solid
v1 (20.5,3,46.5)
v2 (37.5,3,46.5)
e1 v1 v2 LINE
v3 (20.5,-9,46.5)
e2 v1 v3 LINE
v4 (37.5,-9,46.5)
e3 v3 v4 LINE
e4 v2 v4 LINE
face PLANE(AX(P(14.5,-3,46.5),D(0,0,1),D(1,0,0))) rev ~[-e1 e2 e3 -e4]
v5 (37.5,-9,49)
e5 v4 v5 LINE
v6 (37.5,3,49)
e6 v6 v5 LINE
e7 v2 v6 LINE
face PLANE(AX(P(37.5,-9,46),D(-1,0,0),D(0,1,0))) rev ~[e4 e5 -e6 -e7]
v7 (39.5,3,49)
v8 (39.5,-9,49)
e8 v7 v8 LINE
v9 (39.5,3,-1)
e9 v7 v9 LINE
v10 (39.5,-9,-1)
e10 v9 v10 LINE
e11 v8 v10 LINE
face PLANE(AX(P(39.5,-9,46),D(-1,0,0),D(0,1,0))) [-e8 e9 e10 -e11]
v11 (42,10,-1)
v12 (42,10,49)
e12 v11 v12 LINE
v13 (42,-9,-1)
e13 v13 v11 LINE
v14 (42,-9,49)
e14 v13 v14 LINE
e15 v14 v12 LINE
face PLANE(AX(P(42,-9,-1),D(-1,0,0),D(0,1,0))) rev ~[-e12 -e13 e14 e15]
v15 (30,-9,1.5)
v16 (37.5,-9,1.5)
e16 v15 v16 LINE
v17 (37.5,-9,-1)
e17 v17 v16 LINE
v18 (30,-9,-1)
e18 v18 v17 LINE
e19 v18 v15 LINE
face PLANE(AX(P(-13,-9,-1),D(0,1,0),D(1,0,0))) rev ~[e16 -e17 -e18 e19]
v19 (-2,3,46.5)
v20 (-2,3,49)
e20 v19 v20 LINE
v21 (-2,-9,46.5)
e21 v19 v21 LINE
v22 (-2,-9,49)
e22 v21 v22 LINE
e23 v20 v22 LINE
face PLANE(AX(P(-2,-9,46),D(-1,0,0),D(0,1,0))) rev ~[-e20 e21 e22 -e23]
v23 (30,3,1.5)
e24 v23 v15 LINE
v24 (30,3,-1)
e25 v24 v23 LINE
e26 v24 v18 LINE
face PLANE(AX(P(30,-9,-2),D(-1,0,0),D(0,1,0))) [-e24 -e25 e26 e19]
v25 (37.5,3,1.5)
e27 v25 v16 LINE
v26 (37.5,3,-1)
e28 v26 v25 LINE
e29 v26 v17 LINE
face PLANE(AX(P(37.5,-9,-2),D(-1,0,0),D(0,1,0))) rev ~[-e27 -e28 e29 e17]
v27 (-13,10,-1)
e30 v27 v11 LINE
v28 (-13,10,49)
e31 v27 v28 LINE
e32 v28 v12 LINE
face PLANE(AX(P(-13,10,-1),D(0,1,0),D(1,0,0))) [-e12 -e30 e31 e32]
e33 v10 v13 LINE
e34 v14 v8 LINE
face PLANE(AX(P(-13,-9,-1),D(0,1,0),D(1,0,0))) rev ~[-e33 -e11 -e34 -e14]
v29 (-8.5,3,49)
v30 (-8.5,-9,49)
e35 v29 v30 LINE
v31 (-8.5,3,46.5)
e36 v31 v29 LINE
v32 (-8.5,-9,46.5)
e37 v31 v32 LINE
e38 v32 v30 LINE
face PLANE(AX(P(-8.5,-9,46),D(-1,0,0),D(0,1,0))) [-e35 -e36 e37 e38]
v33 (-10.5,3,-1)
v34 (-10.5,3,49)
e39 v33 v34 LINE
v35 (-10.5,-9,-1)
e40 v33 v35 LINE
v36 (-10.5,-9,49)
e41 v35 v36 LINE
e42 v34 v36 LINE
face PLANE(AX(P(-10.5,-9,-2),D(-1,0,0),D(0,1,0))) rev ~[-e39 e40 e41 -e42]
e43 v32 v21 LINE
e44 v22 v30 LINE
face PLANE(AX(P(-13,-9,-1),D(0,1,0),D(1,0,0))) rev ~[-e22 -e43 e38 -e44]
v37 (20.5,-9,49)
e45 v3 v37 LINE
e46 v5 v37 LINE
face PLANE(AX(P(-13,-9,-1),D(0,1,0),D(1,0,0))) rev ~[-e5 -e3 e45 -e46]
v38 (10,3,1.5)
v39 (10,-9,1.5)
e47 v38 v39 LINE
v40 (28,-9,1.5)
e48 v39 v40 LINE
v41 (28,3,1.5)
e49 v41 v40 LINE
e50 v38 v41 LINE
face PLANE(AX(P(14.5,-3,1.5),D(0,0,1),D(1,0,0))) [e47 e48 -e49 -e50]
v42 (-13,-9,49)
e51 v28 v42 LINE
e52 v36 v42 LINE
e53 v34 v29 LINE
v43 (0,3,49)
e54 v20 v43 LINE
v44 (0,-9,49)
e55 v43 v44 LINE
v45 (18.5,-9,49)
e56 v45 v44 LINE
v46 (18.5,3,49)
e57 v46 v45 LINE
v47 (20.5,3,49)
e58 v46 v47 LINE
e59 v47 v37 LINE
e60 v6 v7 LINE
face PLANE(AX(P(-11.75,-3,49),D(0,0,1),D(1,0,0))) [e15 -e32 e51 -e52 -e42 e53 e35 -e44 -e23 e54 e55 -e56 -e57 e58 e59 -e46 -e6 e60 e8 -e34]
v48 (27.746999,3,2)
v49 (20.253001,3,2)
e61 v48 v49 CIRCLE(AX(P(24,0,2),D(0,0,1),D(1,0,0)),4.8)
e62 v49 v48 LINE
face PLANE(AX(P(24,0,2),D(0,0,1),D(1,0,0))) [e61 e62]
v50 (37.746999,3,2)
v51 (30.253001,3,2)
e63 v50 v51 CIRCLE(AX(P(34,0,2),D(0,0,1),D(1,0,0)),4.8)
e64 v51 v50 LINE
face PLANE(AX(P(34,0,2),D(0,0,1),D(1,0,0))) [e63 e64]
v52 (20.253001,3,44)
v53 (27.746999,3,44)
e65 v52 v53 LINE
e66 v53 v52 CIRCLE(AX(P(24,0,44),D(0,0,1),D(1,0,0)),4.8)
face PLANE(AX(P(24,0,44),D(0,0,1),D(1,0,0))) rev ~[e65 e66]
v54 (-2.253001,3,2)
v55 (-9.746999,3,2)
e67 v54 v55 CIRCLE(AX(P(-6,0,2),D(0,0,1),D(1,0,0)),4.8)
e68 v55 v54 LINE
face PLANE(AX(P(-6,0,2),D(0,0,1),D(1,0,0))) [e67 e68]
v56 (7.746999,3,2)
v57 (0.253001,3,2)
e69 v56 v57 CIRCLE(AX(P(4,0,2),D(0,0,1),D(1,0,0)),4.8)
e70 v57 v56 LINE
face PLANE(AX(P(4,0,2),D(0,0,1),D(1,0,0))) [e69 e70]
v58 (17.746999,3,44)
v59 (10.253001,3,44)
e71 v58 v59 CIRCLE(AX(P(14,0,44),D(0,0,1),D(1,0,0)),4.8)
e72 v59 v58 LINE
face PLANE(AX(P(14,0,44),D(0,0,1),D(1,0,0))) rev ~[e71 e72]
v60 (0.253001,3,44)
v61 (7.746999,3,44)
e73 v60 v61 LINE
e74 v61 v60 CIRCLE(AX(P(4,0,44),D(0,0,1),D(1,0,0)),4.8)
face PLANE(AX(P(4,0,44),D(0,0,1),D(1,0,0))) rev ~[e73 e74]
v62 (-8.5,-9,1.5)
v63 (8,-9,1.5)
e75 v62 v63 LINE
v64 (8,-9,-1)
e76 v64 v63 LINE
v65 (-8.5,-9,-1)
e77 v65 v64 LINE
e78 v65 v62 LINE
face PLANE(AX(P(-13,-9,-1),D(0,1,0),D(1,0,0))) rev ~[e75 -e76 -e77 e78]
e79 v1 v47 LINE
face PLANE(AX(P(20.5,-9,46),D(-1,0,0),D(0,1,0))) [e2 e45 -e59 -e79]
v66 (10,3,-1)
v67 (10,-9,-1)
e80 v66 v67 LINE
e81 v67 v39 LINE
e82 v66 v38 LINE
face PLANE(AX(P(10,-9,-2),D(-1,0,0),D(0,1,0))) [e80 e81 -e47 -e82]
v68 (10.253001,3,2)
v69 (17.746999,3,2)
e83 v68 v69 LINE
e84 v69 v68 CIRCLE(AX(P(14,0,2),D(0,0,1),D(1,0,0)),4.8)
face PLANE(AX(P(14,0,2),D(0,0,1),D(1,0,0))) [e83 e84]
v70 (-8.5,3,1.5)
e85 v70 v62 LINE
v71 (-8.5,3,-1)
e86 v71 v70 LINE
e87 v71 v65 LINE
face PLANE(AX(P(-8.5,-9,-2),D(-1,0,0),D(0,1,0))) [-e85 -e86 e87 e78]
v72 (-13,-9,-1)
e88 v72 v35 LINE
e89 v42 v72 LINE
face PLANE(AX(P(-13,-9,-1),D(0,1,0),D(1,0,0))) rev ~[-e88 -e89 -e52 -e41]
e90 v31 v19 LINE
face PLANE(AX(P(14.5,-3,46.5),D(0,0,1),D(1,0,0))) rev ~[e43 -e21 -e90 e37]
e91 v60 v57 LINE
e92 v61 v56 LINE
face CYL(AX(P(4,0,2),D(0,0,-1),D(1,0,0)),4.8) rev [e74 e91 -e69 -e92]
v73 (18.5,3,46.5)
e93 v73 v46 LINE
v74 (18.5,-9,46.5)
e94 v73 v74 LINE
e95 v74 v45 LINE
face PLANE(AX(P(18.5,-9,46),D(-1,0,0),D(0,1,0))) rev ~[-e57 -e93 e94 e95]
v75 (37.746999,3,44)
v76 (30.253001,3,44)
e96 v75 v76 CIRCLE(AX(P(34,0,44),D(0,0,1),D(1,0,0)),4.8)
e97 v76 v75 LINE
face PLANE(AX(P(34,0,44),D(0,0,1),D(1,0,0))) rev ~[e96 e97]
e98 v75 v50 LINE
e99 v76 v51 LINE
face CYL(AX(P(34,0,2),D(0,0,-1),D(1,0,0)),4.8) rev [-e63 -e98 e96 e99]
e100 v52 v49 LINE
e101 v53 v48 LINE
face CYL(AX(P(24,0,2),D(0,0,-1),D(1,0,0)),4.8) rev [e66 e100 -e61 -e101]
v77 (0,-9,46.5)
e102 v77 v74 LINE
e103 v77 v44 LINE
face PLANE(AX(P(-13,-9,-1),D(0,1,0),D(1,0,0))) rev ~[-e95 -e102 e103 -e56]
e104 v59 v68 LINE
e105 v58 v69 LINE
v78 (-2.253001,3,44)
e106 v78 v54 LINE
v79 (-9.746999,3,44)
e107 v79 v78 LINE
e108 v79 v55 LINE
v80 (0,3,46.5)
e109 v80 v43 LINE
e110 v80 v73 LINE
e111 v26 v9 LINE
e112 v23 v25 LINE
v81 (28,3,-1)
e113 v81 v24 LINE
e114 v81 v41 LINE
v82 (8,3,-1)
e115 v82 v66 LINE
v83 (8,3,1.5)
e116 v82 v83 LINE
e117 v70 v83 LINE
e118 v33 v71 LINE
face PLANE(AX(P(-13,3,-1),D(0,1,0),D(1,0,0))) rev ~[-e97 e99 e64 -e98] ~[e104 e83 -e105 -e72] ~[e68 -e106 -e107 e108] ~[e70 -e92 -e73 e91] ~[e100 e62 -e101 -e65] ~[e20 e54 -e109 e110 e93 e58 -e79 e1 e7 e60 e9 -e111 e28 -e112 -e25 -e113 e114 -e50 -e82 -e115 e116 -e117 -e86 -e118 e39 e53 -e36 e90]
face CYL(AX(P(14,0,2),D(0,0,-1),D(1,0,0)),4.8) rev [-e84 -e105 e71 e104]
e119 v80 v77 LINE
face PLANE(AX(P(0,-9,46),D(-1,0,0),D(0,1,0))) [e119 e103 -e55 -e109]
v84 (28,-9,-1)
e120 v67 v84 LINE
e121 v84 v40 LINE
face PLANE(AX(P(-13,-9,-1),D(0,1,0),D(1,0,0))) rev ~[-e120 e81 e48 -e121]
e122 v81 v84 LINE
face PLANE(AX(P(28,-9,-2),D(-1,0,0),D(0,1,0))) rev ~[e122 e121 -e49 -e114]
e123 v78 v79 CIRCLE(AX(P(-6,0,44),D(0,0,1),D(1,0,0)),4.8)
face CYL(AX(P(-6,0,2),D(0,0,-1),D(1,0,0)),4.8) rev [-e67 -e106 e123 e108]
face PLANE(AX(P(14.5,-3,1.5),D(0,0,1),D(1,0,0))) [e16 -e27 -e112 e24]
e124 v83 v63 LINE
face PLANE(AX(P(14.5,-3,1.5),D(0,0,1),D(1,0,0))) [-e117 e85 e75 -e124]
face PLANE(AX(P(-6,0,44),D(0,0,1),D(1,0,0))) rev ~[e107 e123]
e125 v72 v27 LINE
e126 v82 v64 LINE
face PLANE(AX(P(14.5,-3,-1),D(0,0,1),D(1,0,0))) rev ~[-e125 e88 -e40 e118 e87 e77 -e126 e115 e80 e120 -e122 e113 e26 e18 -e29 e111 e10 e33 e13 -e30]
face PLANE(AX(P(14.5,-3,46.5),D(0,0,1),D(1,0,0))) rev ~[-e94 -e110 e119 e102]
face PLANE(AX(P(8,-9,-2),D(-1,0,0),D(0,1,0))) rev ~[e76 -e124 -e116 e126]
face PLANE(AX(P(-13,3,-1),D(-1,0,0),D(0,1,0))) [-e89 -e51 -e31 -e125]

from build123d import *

# Parameters (mm, degrees)
BOX004_W          = 2
BOX004_H          = 12
BOX004_DEPTH      = 5
BOX005_W          = 2
BOX005_H          = 12
BOX005_DEPTH      = 5
BOX008_W          = 2
BOX008_H          = 12
BOX008_DEPTH      = 5
BOX003_W          = 2
BOX003_H          = 12
BOX003_DEPTH      = 5
BOX038_W          = 2
BOX038_H          = 12
BOX038_DEPTH      = 5
BOX028_W          = 2
BOX028_H          = 12
BOX028_DEPTH      = 5
BOX007_W          = 2
BOX007_H          = 12
BOX007_DEPTH      = 5
BOX039_W          = 2
BOX039_H          = 12
BOX039_DEPTH      = 5
BOX036_W          = 2.5
BOX036_H          = 12
BOX036_DEPTH      = 50
BOX037_W          = 2.5
BOX037_H          = 12
BOX037_DEPTH      = 50
BOX035_W          = 55
BOX035_H          = 12
BOX035_DEPTH      = 2.5
BOX034_W          = 55
BOX034_H          = 12
BOX034_DEPTH      = 2.5
CYLINDER066_R     = 1.65
CYLINDER066_DEPTH = 1.6
CYLINDER065_R     = 4.8
CYLINDER065_DEPTH = 42
CYLINDER068_R     = 1.65
CYLINDER068_DEPTH = 1.6
CYLINDER067_R     = 4.8
CYLINDER067_DEPTH = 42
CYLINDER070_R     = 1.65
CYLINDER070_DEPTH = 1.6
CYLINDER069_R     = 4.8
CYLINDER069_DEPTH = 42
CYLINDER072_R     = 1.65
CYLINDER072_DEPTH = 1.6
CYLINDER071_R     = 4.8
CYLINDER071_DEPTH = 42
CYLINDER074_R     = 1.65
CYLINDER074_DEPTH = 1.6
CYLINDER073_R     = 4.8
CYLINDER073_DEPTH = 42
BOX032_W          = 55
BOX032_H          = 7
BOX032_DEPTH      = 50


with BuildPart() as cube004:
    # Box004 → Box004 (new body)
    with BuildSketch(Plane(origin=(18.5, -9, 46), x_dir=(1, 0, 0), z_dir=(0, 0, 1))):
        with Locations((1, 6)):
            Rectangle(BOX004_W, BOX004_H)
    extrude(amount=BOX004_DEPTH)


with BuildPart() as cube005:
    # Box005 → Box005 (new body)
    with BuildSketch(Plane(origin=(-2, -9, 46), x_dir=(1, 0, 0), z_dir=(0, 0, 1))):
        with Locations((1, 6)):
            Rectangle(BOX005_W, BOX005_H)
    extrude(amount=BOX005_DEPTH)


with BuildPart() as cube008:
    # Box008 → Box008 (new body)
    with BuildSketch(Plane(origin=(8, -9, -2), x_dir=(1, 0, 0), z_dir=(0, 0, 1))):
        with Locations((1, 6)):
            Rectangle(BOX008_W, BOX008_H)
    extrude(amount=BOX008_DEPTH)


with BuildPart() as fusion107:
    # Box003 → Box003 (new body)
    with BuildSketch(Plane(origin=(28, -9, -2), x_dir=(1, 0, 0), z_dir=(0, 0, 1))):
        with Locations((1, 6)):
            Rectangle(BOX003_W, BOX003_H)
    extrude(amount=BOX003_DEPTH)

    # Fusion107: union Cube004, Cube005, Cube008
    add(cube004.part)
    add(cube005.part)
    add(cube008.part)


with BuildPart() as cube036:
    # Box038 → Box038 (new body)
    with BuildSketch(Plane(origin=(-10.5, -9, 46), x_dir=(1, 0, 0), z_dir=(0, 0, 1))):
        with Locations((1, 6)):
            Rectangle(BOX038_W, BOX038_H)
    extrude(amount=BOX038_DEPTH)


with BuildPart() as cube027:
    # Box028 → Box028 (new body)
    with BuildSketch(Plane(origin=(37.5, -9, -2), x_dir=(1, 0, 0), z_dir=(0, 0, 1))):
        with Locations((1, 6)):
            Rectangle(BOX028_W, BOX028_H)
    extrude(amount=BOX028_DEPTH)


with BuildPart() as cube007:
    # Box007 → Box007 (new body)
    with BuildSketch(Plane(origin=(37.5, -9, 46), x_dir=(1, 0, 0), z_dir=(0, 0, 1))):
        with Locations((1, 6)):
            Rectangle(BOX007_W, BOX007_H)
    extrude(amount=BOX007_DEPTH)


with BuildPart() as fusion106:
    # Box039 → Box039 (new body)
    with BuildSketch(Plane(origin=(-10.5, -9, -2), x_dir=(1, 0, 0), z_dir=(0, 0, 1))):
        with Locations((1, 6)):
            Rectangle(BOX039_W, BOX039_H)
    extrude(amount=BOX039_DEPTH)

    # Fusion106: union Cube036, Cube027, Cube007
    add(cube036.part)
    add(cube027.part)
    add(cube007.part)


with BuildPart() as cube034:
    # Box036 → Box036 (new body)
    with BuildSketch(Plane(origin=(-13, -9, -1), x_dir=(1, 0, 0), z_dir=(0, 0, 1))):
        with Locations((1.25, 6)):
            Rectangle(BOX036_W, BOX036_H)
    extrude(amount=BOX036_DEPTH)


with BuildPart() as cube035:
    # Box037 → Box037 (new body)
    with BuildSketch(Plane(origin=(39.5, -9, -1), x_dir=(1, 0, 0), z_dir=(0, 0, 1))):
        with Locations((1.25, 6)):
            Rectangle(BOX037_W, BOX037_H)
    extrude(amount=BOX037_DEPTH)


with BuildPart() as cube033:
    # Box035 → Box035 (new body)
    with BuildSketch(Plane(origin=(-13, -9, 46.5), x_dir=(1, 0, 0), z_dir=(0, 0, 1))):
        with Locations((27.5, 6)):
            Rectangle(BOX035_W, BOX035_H)
    extrude(amount=BOX035_DEPTH)


with BuildPart() as cut045024:
    # Box034 → Box034 (new body)
    with BuildSketch(Plane(origin=(-13, -9, -1), x_dir=(1, 0, 0), z_dir=(0, 0, 1))):
        with Locations((27.5, 6)):
            Rectangle(BOX034_W, BOX034_H)
    extrude(amount=BOX034_DEPTH)

    # Fusion105: union Cube034, Cube035, Cube033
    add(cube034.part)
    add(cube035.part)
    add(cube033.part)

    # Cut045023: cut Fusion106
    add(fusion106.part, mode=Mode.SUBTRACT)

    # Cut045024: cut Fusion107
    add(fusion107.part, mode=Mode.SUBTRACT)


with BuildPart() as cylinder118:
    # Cylinder066 → Cylinder066 (new body)
    with BuildSketch(Plane.XY.offset(42)):
        Circle(CYLINDER066_R)
    extrude(amount=CYLINDER066_DEPTH)


with BuildPart() as fusion097:
    # Cylinder065 → Cylinder065 (new body)
    with BuildSketch(Plane.XY):
        Circle(CYLINDER065_R)
    extrude(amount=CYLINDER065_DEPTH)

    # Fusion097: union Cylinder118
    add(cylinder118.part)


with BuildPart() as fusion097_1:
    # Fusion097 placement: moved
    add(fusion097.part.moved(Location((2, 0, 0))))


with BuildPart() as cylinder120:
    # Cylinder068 → Cylinder068 (new body)
    with BuildSketch(Plane.XY.offset(42)):
        Circle(CYLINDER068_R)
    extrude(amount=CYLINDER068_DEPTH)


with BuildPart() as fusion098:
    # Cylinder067 → Cylinder067 (new body)
    with BuildSketch(Plane.XY):
        Circle(CYLINDER067_R)
    extrude(amount=CYLINDER067_DEPTH)

    # Fusion098: union Cylinder120
    add(cylinder120.part)


with BuildPart() as fusion098_1:
    # Fusion098 placement: moved
    add(fusion098.part.moved(Location((12, 0, 0))))


with BuildPart() as cylinder122:
    # Cylinder070 → Cylinder070 (new body)
    with BuildSketch(Plane.XY.offset(42)):
        Circle(CYLINDER070_R)
    extrude(amount=CYLINDER070_DEPTH)


with BuildPart() as fusion099:
    # Cylinder069 → Cylinder069 (new body)
    with BuildSketch(Plane.XY):
        Circle(CYLINDER069_R)
    extrude(amount=CYLINDER069_DEPTH)

    # Fusion099: union Cylinder122
    add(cylinder122.part)


with BuildPart() as fusion099_1:
    # Fusion099 placement: moved
    add(fusion099.part.moved(Location((22, 0, 0))))


with BuildPart() as cylinder124:
    # Cylinder072 → Cylinder072 (new body)
    with BuildSketch(Plane.XY.offset(42)):
        Circle(CYLINDER072_R)
    extrude(amount=CYLINDER072_DEPTH)


with BuildPart() as fusion100:
    # Cylinder071 → Cylinder071 (new body)
    with BuildSketch(Plane.XY):
        Circle(CYLINDER071_R)
    extrude(amount=CYLINDER071_DEPTH)

    # Fusion100: union Cylinder124
    add(cylinder124.part)


with BuildPart() as fusion100_1:
    # Fusion100 placement: moved
    add(fusion100.part.moved(Location((32, 0, 0))))


with BuildPart() as cylinder126:
    # Cylinder074 → Cylinder074 (new body)
    with BuildSketch(Plane.XY.offset(42)):
        Circle(CYLINDER074_R)
    extrude(amount=CYLINDER074_DEPTH)


with BuildPart() as aaa_batts001:
    # Cylinder073 → Cylinder073 (new body)
    with BuildSketch(Plane.XY):
        Circle(CYLINDER073_R)
    extrude(amount=CYLINDER073_DEPTH)

    # Fusion101: union Cylinder126
    add(cylinder126.part)


with BuildPart() as aaa_batts001_1:
    # Fusion101 placement: moved
    add(aaa_batts001.part.moved(Location((-8, 0, 0))))

    # Fusion102: union Fusion097, Fusion098, Fusion099, Fusion100
    add(fusion097_1.part)
    add(fusion098_1.part)
    add(fusion099_1.part)
    add(fusion100_1.part)


with BuildPart() as aaa_batts001_2:
    # Fusion102 placement: moved
    add(aaa_batts001_1.part.moved(Location((2, 0, 2))))


with BuildPart() as fusion110:
    # Box032 → Box032 (new body)
    with BuildSketch(Plane(origin=(-13, 3, -1), x_dir=(1, 0, 0), z_dir=(0, 0, 1))):
        with Locations((27.5, 3.5)):
            Rectangle(BOX032_W, BOX032_H)
    extrude(amount=BOX032_DEPTH)

    # Cut045022: cut AAA Batts001
    add(aaa_batts001_2.part, mode=Mode.SUBTRACT)

    # Fusion110: union Cut045024
    add(cut045024.part)


solid = fusion110.part
